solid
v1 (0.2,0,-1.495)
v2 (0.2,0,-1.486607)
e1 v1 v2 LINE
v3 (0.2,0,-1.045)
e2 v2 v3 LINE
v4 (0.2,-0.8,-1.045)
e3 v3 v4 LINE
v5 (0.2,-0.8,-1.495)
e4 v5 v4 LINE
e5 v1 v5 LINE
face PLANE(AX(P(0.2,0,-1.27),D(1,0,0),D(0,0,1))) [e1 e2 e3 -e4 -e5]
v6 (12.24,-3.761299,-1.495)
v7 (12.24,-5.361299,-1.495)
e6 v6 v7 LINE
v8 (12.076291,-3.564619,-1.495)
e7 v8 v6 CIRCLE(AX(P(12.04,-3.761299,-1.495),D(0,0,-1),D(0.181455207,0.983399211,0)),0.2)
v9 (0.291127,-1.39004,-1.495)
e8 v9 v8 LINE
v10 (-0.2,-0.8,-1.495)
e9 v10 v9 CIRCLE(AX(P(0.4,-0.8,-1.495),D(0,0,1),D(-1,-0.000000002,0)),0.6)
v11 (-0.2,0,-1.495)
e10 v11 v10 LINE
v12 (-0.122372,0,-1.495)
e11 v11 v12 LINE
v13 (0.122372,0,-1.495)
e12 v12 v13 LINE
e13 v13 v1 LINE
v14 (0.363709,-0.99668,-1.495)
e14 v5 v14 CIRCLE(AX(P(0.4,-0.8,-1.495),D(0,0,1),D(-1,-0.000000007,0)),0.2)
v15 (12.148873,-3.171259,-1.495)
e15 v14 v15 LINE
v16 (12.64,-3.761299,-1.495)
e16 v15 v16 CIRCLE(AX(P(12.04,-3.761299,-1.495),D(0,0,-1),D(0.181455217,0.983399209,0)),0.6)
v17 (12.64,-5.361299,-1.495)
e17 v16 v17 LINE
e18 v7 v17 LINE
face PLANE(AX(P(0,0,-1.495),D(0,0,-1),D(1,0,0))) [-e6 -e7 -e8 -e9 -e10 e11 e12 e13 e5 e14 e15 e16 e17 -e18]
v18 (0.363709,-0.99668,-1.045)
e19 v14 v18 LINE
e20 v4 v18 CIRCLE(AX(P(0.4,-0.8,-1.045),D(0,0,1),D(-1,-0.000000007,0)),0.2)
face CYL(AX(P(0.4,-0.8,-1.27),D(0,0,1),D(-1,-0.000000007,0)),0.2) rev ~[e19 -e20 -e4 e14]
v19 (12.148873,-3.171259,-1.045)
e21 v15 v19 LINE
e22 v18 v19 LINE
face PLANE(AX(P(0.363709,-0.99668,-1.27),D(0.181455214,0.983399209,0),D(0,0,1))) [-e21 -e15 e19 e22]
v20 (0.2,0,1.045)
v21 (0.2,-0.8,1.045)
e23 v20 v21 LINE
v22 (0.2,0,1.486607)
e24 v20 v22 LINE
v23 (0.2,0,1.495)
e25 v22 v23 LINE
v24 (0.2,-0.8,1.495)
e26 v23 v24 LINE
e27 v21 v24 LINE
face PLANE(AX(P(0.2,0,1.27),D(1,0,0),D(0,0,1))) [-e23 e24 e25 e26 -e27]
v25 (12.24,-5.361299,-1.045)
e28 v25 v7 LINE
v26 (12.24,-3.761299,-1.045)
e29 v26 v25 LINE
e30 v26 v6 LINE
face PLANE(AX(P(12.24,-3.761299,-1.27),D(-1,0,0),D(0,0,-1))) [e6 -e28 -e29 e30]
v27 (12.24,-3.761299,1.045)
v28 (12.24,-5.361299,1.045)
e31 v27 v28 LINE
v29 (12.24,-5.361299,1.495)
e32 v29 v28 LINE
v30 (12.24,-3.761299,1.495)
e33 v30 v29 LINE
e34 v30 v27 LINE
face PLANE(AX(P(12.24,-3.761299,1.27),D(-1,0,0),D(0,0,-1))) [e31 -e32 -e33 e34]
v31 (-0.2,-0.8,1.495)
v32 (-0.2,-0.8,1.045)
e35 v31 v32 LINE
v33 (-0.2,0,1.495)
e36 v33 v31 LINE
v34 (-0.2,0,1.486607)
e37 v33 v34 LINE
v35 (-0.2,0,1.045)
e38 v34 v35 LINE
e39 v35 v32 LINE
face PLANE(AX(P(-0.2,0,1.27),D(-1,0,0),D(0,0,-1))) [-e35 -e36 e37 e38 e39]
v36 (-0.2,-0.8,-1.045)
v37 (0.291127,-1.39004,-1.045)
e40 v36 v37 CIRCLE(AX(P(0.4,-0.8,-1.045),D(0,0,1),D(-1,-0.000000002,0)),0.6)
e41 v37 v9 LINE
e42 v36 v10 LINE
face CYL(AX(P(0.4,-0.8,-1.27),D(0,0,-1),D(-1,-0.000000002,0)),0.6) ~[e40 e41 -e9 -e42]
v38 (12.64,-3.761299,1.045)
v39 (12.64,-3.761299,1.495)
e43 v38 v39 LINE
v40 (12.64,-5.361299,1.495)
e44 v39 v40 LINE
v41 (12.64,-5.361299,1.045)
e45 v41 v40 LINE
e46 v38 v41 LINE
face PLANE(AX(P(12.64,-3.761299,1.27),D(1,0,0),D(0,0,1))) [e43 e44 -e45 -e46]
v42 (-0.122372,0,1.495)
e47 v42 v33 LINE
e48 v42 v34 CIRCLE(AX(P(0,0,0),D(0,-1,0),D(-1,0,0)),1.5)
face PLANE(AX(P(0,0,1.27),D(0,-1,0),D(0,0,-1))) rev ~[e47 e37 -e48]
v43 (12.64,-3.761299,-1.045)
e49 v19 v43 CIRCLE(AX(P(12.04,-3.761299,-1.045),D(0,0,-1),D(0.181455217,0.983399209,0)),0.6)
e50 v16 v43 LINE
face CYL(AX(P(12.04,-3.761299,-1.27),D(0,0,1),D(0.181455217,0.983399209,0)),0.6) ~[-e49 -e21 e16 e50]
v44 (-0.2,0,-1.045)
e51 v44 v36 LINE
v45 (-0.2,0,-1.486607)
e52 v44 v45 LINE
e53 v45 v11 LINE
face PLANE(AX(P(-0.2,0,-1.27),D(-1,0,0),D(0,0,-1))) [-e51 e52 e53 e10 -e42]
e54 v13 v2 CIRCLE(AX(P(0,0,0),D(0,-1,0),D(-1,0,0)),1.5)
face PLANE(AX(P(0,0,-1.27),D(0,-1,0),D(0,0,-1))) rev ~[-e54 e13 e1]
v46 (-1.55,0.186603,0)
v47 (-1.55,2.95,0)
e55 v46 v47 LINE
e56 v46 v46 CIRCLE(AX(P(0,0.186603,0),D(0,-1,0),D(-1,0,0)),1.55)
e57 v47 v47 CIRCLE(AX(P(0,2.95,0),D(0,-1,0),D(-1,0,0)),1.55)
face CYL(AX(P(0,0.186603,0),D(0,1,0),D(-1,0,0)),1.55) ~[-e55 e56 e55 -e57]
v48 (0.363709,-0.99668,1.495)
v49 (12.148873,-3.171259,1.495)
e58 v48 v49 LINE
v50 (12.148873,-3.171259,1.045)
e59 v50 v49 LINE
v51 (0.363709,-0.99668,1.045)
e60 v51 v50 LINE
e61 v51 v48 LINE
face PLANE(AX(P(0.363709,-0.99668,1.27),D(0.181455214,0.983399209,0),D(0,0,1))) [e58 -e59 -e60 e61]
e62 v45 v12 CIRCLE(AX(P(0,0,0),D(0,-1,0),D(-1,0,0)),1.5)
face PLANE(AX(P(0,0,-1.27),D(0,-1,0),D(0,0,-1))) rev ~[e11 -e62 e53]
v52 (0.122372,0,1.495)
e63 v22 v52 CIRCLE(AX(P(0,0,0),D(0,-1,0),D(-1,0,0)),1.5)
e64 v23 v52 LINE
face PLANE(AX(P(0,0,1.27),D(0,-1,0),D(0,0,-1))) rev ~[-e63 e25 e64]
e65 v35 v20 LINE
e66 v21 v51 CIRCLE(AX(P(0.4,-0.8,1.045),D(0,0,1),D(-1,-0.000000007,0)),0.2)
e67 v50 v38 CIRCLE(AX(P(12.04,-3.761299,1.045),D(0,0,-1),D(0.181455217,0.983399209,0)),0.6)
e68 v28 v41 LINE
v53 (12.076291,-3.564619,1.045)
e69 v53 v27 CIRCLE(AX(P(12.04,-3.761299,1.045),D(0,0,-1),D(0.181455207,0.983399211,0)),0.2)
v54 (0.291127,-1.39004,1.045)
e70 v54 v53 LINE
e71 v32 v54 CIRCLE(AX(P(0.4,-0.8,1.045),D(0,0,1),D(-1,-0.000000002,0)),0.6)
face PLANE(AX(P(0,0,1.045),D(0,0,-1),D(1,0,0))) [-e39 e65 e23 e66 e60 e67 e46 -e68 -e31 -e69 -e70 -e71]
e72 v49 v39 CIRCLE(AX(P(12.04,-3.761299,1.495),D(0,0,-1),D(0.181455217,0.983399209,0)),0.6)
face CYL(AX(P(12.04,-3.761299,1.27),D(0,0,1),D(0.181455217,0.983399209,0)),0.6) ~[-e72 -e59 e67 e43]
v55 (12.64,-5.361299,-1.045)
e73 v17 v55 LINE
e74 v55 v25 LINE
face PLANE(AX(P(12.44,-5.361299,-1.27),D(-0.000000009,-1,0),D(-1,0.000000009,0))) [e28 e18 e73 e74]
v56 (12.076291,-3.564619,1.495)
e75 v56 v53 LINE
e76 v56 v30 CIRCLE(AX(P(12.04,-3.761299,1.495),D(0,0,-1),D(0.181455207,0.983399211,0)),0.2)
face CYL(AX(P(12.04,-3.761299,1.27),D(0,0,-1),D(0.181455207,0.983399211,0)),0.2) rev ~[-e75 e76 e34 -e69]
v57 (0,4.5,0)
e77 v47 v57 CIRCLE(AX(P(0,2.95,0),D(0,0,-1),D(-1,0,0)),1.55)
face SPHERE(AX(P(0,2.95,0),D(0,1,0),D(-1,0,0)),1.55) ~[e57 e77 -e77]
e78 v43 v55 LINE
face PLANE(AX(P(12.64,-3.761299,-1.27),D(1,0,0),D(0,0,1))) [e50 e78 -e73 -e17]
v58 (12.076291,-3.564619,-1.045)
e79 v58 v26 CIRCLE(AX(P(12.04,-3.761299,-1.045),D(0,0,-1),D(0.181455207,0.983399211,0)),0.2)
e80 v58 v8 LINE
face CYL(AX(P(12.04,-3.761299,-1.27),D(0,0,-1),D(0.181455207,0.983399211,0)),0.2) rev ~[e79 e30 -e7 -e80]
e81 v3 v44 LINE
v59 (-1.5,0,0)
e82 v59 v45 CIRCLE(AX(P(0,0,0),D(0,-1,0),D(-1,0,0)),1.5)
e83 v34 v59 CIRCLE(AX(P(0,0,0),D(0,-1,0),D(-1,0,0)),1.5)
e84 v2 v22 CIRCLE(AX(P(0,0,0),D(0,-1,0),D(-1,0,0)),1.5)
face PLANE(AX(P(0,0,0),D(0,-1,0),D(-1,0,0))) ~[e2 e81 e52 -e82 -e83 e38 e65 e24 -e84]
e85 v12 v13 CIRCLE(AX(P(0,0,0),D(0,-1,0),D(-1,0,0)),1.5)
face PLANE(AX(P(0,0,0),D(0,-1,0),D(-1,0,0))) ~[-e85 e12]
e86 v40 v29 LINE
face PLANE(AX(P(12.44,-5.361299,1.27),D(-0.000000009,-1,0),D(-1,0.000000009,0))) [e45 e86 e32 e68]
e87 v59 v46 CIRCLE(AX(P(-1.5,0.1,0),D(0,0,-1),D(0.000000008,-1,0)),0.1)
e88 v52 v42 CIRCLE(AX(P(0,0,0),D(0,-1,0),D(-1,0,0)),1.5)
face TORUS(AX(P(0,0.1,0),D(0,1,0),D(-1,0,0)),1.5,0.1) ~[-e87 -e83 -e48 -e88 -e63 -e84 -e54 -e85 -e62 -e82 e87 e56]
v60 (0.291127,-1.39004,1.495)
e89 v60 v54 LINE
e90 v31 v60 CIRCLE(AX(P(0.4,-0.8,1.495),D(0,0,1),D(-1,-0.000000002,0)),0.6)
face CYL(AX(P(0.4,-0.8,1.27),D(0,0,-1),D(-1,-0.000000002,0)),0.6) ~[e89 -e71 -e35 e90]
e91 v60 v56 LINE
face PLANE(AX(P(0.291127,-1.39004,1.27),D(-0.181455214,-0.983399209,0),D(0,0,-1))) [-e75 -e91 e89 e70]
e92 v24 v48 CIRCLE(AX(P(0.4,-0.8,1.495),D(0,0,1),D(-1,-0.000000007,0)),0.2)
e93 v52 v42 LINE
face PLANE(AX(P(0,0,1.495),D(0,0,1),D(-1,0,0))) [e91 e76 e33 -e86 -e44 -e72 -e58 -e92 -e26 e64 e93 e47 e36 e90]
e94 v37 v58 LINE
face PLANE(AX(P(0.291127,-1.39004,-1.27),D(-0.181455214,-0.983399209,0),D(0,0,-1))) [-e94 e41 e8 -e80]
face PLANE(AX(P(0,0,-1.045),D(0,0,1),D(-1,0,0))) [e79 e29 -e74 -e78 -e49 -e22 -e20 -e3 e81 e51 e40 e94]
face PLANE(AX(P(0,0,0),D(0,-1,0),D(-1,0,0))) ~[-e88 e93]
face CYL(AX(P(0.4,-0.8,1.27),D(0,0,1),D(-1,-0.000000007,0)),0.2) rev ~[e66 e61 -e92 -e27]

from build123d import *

# Parameters (mm, degrees)
SKETCH2_W = 0.4
SKETCH2_H = 0.45


with BuildPart() as part:
    # Sketch1 → Revolve1 (revolve)
    with BuildSketch(Plane.XY):
        with BuildLine():
            Line((0, 0), (-1.5, 0))
            ThreePointArc((-1.5, 0), (-1.596592583, 0.074118095), (-1.55, 0.18660254))
            Line((-1.55, 0.18660254), (-1.55, 2.95))
            ThreePointArc((-1.55, 2.95), (-1.096015511, 4.046015511), (0, 4.5))
            Line((0, 4.5), (0, 0))
        make_face()
    revolve(axis=Axis((0, 4.5, 0), (0, -1, 0)))

    # Sweep1: sweep along a path in Sketch4
    with BuildLine(Plane.XY) as sweep1_path:
        Line((0, 0), (0, -0.8))
        ThreePointArc((0, -0.8), (0.092564776, -1.055897602), (0.327417914, -1.193359684))
        Line((0.327417914, -1.193359684), (12.112582086, -3.367938908))
        ThreePointArc((12.112582086, -3.367938908), (12.347435224, -3.505400989), (12.44, -3.761298592))
        Line((12.44, -3.761298592), (12.44, -5.361298592))
    # Sketch2 → Sweep1 (sweep)
    with BuildSketch(Plane.XZ):
        with Locations((0, 1.27)):
            Rectangle(SKETCH2_W, SKETCH2_H)
        with Locations((0, -1.27)):
            Rectangle(SKETCH2_W, SKETCH2_H)
    sweep(path=sweep1_path.line)


solid = part.part
